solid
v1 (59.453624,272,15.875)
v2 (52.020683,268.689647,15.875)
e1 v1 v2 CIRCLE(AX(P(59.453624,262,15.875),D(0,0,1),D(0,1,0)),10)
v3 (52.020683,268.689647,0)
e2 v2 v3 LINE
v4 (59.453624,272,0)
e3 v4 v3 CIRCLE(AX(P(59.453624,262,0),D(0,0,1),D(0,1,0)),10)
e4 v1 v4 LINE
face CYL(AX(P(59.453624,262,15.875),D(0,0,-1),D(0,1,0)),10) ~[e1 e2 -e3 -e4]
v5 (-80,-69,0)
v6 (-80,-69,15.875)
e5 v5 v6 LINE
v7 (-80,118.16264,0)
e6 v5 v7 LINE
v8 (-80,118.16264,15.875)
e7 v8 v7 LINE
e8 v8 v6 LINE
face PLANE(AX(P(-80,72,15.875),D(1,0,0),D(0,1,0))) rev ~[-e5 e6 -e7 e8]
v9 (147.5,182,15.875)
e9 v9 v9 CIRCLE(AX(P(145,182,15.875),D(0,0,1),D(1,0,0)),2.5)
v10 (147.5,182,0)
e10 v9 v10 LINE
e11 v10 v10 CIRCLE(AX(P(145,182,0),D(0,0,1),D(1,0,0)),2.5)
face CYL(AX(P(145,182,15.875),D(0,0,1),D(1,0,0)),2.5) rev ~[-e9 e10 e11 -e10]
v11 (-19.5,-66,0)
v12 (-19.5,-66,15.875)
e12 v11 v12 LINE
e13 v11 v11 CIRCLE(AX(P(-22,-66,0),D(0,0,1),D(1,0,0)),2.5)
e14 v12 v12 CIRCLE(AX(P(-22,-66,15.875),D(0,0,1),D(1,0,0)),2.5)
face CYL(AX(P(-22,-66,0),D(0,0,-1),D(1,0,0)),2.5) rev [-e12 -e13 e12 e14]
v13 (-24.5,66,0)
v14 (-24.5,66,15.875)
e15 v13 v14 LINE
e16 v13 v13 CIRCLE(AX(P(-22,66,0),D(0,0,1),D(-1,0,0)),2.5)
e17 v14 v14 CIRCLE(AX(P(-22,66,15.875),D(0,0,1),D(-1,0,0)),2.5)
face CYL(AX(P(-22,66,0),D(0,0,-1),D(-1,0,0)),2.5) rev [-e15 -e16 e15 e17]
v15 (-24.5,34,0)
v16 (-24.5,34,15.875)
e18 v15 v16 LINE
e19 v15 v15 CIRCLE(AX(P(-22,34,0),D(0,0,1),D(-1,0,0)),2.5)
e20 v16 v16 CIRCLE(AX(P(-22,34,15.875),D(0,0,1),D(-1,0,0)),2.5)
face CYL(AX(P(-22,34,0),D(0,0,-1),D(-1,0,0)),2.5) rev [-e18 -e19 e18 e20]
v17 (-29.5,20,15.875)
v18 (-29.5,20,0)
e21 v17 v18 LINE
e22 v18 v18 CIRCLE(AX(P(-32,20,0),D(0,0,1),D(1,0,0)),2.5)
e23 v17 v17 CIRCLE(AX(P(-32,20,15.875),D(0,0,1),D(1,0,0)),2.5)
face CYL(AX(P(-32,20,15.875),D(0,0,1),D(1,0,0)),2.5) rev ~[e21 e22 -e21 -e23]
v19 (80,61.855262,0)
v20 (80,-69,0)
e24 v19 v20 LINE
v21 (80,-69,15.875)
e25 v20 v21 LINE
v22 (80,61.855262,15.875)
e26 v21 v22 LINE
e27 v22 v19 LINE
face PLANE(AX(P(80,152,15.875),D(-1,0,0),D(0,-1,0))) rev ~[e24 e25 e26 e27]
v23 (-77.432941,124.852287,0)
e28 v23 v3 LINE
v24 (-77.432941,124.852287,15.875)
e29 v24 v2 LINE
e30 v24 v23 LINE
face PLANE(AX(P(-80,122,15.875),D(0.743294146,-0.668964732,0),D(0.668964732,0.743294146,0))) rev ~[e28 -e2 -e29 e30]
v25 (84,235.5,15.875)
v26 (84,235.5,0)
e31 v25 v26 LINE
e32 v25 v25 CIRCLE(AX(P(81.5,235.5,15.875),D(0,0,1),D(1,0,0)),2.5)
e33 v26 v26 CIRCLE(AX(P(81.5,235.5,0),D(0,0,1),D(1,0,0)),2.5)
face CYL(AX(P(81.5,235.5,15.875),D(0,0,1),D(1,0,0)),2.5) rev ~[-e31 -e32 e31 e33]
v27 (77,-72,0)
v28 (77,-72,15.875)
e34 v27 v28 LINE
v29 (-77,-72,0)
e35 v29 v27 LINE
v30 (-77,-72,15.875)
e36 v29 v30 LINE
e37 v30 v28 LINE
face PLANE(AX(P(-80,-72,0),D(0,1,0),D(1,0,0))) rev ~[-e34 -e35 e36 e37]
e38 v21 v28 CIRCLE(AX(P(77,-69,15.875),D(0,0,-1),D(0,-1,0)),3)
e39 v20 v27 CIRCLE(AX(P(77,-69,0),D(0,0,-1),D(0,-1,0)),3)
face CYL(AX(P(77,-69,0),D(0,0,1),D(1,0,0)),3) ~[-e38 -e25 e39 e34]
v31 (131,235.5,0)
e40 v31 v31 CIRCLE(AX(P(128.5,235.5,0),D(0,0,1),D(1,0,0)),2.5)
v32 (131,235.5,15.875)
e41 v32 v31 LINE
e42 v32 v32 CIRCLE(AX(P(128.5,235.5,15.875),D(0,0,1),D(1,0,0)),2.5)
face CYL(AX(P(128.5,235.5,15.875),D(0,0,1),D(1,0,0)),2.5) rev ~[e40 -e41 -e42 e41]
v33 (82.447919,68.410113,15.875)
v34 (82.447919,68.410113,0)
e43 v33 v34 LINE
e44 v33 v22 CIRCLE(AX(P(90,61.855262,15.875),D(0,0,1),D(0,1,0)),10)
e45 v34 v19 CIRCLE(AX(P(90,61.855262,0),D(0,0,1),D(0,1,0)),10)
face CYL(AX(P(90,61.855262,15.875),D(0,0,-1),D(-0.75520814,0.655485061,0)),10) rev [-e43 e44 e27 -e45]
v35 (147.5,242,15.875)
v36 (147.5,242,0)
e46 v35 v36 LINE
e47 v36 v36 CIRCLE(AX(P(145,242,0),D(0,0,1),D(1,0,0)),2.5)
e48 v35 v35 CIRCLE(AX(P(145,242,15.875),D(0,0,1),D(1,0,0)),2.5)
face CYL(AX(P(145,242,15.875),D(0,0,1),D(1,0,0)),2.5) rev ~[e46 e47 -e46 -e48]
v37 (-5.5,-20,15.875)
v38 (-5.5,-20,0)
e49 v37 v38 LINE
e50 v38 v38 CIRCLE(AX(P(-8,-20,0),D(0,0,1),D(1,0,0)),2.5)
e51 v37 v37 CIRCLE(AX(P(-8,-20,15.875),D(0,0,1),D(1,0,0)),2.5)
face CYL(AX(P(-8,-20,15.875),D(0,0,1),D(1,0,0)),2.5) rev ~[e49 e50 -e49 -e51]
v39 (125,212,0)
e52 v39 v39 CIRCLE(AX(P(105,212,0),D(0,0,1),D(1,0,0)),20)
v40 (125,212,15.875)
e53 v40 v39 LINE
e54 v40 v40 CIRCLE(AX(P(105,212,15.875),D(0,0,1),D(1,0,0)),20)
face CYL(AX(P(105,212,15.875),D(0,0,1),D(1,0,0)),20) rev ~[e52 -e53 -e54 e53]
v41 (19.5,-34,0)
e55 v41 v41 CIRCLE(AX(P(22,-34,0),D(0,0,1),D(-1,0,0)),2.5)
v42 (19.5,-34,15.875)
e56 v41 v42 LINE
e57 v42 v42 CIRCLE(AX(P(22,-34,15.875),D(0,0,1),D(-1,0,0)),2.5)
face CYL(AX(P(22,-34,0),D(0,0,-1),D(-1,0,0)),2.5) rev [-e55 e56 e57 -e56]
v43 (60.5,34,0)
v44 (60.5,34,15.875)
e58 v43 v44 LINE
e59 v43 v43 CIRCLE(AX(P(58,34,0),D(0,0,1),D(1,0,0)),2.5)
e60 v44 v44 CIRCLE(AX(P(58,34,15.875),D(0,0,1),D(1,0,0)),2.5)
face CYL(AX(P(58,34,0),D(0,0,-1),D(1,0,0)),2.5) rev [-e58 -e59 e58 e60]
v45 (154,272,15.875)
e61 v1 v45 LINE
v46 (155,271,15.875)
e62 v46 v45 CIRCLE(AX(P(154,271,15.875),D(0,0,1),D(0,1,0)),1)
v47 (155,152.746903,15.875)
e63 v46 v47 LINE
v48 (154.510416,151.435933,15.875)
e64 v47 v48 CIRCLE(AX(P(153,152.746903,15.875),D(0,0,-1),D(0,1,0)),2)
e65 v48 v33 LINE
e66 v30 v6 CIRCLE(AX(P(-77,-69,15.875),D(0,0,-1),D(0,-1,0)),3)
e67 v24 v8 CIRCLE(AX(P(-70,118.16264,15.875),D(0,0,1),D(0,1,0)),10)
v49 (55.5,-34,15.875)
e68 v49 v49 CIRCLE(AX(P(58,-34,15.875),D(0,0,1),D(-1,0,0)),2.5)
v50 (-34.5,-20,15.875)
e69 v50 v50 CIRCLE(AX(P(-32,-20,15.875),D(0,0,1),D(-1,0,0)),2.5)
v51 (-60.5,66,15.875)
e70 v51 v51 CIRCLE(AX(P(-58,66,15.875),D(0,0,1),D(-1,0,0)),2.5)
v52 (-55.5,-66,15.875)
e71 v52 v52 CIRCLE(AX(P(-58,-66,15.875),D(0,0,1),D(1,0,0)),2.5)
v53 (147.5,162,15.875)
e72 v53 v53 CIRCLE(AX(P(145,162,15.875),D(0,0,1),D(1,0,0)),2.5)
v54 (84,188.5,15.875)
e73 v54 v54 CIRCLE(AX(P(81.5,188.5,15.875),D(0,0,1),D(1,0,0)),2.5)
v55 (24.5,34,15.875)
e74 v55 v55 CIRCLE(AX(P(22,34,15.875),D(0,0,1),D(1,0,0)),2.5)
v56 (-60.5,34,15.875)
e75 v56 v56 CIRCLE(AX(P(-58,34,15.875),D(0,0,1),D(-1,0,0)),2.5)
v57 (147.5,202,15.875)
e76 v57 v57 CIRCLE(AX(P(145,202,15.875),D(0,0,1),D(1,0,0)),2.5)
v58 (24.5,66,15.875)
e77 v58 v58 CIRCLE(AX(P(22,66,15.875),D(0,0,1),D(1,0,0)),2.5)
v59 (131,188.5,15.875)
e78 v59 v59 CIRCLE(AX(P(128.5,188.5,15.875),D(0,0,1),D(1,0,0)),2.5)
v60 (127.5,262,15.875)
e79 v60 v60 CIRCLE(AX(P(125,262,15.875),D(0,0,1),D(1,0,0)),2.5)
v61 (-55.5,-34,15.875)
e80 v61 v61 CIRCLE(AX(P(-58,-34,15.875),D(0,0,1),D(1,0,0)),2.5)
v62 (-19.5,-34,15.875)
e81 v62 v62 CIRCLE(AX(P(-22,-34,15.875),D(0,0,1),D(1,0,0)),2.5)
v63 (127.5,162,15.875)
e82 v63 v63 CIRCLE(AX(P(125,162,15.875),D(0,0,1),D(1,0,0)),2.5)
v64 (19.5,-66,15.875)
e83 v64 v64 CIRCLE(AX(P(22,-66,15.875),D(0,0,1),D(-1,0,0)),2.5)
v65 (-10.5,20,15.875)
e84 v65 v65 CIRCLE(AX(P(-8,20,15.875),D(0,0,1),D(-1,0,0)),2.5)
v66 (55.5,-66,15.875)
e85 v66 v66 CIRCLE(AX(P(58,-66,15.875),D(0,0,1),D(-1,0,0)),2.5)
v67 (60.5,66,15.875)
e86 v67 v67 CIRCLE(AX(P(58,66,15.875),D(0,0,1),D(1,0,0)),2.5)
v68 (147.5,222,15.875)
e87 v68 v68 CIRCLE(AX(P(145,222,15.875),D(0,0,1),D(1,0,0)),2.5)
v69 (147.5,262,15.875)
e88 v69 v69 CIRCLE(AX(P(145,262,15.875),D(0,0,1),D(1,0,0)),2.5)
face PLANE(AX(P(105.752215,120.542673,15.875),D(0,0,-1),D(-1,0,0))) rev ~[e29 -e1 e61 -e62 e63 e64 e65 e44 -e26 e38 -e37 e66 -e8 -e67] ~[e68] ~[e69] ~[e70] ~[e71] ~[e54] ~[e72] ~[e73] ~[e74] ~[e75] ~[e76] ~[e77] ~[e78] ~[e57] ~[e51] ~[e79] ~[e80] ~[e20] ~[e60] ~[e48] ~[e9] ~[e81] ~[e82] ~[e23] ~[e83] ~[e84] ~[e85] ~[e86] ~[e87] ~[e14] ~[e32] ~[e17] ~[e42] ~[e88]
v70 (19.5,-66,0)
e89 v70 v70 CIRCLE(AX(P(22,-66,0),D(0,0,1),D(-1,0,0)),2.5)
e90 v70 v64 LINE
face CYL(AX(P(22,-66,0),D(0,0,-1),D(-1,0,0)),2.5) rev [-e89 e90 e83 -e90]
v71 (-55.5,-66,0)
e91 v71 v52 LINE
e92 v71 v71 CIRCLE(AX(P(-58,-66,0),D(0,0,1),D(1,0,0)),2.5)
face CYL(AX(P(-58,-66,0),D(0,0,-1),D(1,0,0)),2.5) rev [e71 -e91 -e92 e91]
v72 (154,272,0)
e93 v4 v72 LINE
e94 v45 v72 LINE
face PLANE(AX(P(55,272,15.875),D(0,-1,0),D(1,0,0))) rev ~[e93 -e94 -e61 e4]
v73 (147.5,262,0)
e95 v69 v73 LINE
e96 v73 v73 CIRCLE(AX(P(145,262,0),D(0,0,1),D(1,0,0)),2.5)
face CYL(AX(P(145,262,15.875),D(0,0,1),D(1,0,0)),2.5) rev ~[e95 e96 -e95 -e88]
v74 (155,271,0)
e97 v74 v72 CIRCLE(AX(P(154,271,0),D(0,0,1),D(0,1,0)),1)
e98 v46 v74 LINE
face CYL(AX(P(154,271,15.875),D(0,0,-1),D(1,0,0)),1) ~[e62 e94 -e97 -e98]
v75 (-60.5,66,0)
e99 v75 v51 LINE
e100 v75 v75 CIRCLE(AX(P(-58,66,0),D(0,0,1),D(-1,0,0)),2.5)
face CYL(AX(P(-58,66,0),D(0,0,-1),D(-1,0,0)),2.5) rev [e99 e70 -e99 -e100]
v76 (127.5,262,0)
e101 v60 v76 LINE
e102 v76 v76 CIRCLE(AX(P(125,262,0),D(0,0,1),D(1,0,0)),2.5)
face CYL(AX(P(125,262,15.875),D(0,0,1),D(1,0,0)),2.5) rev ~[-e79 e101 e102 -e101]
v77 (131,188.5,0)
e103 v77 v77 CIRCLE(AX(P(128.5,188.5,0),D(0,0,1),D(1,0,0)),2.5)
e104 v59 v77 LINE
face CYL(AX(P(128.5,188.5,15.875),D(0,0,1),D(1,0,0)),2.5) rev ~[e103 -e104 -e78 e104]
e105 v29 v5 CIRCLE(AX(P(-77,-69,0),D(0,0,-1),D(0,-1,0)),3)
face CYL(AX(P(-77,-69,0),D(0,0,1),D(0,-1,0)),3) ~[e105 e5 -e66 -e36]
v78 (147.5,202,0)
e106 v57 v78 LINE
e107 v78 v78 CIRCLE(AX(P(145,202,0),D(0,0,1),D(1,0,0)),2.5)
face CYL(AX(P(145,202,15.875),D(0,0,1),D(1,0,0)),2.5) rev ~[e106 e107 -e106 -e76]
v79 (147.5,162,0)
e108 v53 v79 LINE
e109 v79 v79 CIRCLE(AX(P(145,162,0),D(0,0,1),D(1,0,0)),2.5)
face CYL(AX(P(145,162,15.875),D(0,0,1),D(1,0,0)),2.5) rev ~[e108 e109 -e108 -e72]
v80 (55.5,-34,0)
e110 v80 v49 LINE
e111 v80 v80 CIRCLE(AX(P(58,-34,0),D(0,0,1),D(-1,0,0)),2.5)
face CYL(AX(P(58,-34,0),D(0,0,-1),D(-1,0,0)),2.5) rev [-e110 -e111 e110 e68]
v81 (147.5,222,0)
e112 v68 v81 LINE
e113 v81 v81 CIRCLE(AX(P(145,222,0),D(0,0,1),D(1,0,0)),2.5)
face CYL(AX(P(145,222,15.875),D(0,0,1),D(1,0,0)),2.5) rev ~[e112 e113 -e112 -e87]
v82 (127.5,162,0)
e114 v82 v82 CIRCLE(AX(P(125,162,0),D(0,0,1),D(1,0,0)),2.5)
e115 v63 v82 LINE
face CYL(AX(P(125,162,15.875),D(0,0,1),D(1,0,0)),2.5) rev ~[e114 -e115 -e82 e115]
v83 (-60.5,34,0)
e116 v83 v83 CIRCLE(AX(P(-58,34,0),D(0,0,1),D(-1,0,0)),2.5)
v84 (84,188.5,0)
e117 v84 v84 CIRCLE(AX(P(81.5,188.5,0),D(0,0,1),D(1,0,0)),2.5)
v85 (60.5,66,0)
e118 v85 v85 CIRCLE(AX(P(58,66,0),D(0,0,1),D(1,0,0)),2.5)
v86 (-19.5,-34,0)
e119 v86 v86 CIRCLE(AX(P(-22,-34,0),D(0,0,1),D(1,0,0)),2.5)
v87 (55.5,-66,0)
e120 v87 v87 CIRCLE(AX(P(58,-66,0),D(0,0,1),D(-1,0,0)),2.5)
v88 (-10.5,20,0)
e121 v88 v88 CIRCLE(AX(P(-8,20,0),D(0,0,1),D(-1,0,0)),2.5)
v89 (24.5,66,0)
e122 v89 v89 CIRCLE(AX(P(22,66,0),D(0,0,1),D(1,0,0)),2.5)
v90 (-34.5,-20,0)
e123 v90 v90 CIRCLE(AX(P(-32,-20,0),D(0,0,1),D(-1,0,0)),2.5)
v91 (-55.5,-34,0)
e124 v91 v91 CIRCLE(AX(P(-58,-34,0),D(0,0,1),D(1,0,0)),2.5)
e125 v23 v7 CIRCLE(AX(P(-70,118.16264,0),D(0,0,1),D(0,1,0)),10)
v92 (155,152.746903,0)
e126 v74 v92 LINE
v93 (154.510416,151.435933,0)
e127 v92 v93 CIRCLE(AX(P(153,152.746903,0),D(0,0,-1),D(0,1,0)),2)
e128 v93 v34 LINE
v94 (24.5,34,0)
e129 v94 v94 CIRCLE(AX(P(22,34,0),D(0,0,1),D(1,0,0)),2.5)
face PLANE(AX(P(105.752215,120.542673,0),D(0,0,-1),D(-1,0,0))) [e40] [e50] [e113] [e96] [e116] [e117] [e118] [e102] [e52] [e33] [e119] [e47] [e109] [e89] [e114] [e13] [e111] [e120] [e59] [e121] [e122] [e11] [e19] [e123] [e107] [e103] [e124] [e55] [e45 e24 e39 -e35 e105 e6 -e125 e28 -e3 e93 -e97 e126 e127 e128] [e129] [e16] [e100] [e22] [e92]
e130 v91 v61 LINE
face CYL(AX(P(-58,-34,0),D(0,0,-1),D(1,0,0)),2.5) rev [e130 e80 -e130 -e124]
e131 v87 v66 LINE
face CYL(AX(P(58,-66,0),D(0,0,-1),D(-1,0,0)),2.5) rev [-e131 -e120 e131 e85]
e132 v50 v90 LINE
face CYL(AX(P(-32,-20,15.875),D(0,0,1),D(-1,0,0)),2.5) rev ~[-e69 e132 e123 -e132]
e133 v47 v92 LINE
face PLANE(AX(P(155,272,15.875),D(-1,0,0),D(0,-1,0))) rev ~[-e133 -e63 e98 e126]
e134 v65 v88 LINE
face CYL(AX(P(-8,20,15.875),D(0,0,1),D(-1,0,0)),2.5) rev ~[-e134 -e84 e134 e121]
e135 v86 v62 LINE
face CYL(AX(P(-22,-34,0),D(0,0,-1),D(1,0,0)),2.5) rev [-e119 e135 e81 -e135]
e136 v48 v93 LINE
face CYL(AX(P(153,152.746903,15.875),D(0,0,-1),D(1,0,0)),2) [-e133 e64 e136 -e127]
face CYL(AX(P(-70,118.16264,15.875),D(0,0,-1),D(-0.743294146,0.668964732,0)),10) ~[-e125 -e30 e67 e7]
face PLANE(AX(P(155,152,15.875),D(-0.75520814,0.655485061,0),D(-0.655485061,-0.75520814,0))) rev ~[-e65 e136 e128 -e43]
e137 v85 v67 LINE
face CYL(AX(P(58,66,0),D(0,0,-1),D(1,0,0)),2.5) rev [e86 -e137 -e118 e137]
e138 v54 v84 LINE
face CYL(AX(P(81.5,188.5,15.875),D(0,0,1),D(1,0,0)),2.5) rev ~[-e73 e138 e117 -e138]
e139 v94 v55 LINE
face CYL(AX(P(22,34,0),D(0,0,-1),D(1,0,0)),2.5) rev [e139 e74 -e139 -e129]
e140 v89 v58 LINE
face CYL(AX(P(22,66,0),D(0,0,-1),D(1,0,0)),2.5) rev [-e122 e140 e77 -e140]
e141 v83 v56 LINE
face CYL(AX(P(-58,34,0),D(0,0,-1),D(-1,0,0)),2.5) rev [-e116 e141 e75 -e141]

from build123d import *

# Parameters (mm, degrees)
SKETCH1_W           = 160
SKETCH1_H           = 144
SKETCH1_R           = 2.5
BOSS_EXTRUDE1_DEPTH = 15.875
BOSS_EXTRUDE2_DEPTH = 15.875
BOSS_EXTRUDE3_DEPTH = 15.875
FILLET2_R           = 10
SKETCH4_R           = 2.5
CUT_EXTRUDE1_DEPTH  = 314.466131544
FILLET3_R           = 1
SKETCH5_R           = 2.5
CUT_EXTRUDE2_DEPTH  = 314.466131544
FILLET4_R           = 2
SKETCH6_R           = 20
SKETCH6_R_2         = 2.5
CUT_EXTRUDE3_DEPTH  = 314.466131544
FILLET5_R           = 3


with BuildPart() as part:
    # Sketch1 → Boss-Extrude1 (new body)
    with BuildSketch(Plane.XY):
        Rectangle(SKETCH1_W, SKETCH1_H)
        with Locations((-58, -66)):
            Circle(SKETCH1_R, mode=Mode.SUBTRACT)
        with Locations((-22, -66)):
            Circle(SKETCH1_R, mode=Mode.SUBTRACT)
        with Locations((-58, -34)):
            Circle(SKETCH1_R, mode=Mode.SUBTRACT)
        with Locations((-22, -34)):
            Circle(SKETCH1_R, mode=Mode.SUBTRACT)
        with Locations(Location((58, -66, 0), (0, 0, 180))):
            Circle(SKETCH1_R, mode=Mode.SUBTRACT)
        with Locations(Location((22, -66, 0), (0, 0, 180))):
            Circle(SKETCH1_R, mode=Mode.SUBTRACT)
        with Locations(Location((22, -34, 0), (0, 0, 180))):
            Circle(SKETCH1_R, mode=Mode.SUBTRACT)
        with Locations(Location((58, -34, 0), (0, 0, 180))):
            Circle(SKETCH1_R, mode=Mode.SUBTRACT)
        with Locations(Location((-58, 66, 0), (0, 0, 180))):
            Circle(SKETCH1_R, mode=Mode.SUBTRACT)
        with Locations(Location((-22, 66, 0), (0, 0, 180))):
            Circle(SKETCH1_R, mode=Mode.SUBTRACT)
        with Locations((22, 66)):
            Circle(SKETCH1_R, mode=Mode.SUBTRACT)
        with Locations((58, 66)):
            Circle(SKETCH1_R, mode=Mode.SUBTRACT)
        with Locations((58, 34)):
            Circle(SKETCH1_R, mode=Mode.SUBTRACT)
        with Locations((22, 34)):
            Circle(SKETCH1_R, mode=Mode.SUBTRACT)
        with Locations(Location((-22, 34, 0), (0, 0, 180))):
            Circle(SKETCH1_R, mode=Mode.SUBTRACT)
        with Locations(Location((-58, 34, 0), (0, 0, 180))):
            Circle(SKETCH1_R, mode=Mode.SUBTRACT)
    extrude(amount=BOSS_EXTRUDE1_DEPTH)

    # Sketch2 → Boss-Extrude2 (add, through all)
    with BuildSketch(Plane.XY.offset(15.875)):
        Polygon((55, 272), (155, 272), (155, 152), (80, 152), (80, 72), (-80, 72), (-80, 122), align=None)
    extrude(amount=-BOSS_EXTRUDE2_DEPTH)

    # Sketch3 → Boss-Extrude3 (add, through all)
    with BuildSketch(Plane.XY.offset(15.875)):
        Polygon((155, 152), (80, 65.589776693), (80, 152), align=None)
    extrude(amount=-BOSS_EXTRUDE3_DEPTH)

    # Fillet2
    fillet2_edges = [part.edges().sort_by_distance(p)[0] for p in [
        (80, 65.589776693, 7.9375),
        (-80, 122, 7.9375),
        (55, 272, 7.9375),
    ]]
    fillet(fillet2_edges, radius=FILLET2_R)

    # Sketch4 → Cut-Extrude1 (cut, through all)
    with BuildSketch(Plane.XY.offset(15.875)):
        with Locations((-32, 20)):
            Circle(SKETCH4_R)
        with Locations(Location((-8, 20, 0), (0, 0, 180))):
            Circle(SKETCH4_R)
        with Locations((-8, -20)):
            Circle(SKETCH4_R)
        with Locations(Location((-32, -20, 0), (0, 0, 180))):
            Circle(SKETCH4_R)
    extrude(amount=-CUT_EXTRUDE1_DEPTH, mode=Mode.SUBTRACT)

    # Fillet3
    fillet3_edges = [part.edges().sort_by_distance(p)[0] for p in [
        (155, 272, 7.9375),
    ]]
    fillet(fillet3_edges, radius=FILLET3_R)

    # Sketch5 → Cut-Extrude2 (cut, through all)
    with BuildSketch(Plane.XY.offset(15.875)):
        with Locations((145, 262)):
            Circle(SKETCH5_R)
        with Locations((145, 242)):
            Circle(SKETCH5_R)
        with Locations((145, 222)):
            Circle(SKETCH5_R)
        with Locations((145, 202)):
            Circle(SKETCH5_R)
        with Locations((145, 182)):
            Circle(SKETCH5_R)
        with Locations((145, 162)):
            Circle(SKETCH5_R)
        with Locations((125, 162)):
            Circle(SKETCH5_R)
        with Locations((125, 262)):
            Circle(SKETCH5_R)
    extrude(amount=-CUT_EXTRUDE2_DEPTH, mode=Mode.SUBTRACT)

    # Fillet4
    fillet4_edges = [part.edges().sort_by_distance(p)[0] for p in [
        (155, 152, 7.9375),
    ]]
    fillet(fillet4_edges, radius=FILLET4_R)

    # Sketch6 → Cut-Extrude3 (cut, through all)
    with BuildSketch(Plane.XY.offset(15.875)):
        with Locations((105, 212)):
            Circle(SKETCH6_R)
        with Locations((81.5, 235.5)):
            Circle(SKETCH6_R_2)
        with Locations((128.5, 235.5)):
            Circle(SKETCH6_R_2)
        with Locations((128.5, 188.5)):
            Circle(SKETCH6_R_2)
        with Locations((81.5, 188.5)):
            Circle(SKETCH6_R_2)
    extrude(amount=-CUT_EXTRUDE3_DEPTH, mode=Mode.SUBTRACT)

    # Fillet5
    fillet5_edges = [part.edges().sort_by_distance(p)[0] for p in [
        (80, -72, 7.9375),
        (-80, -72, 7.9375),
    ]]
    fillet(fillet5_edges, radius=FILLET5_R)


solid = part.part
